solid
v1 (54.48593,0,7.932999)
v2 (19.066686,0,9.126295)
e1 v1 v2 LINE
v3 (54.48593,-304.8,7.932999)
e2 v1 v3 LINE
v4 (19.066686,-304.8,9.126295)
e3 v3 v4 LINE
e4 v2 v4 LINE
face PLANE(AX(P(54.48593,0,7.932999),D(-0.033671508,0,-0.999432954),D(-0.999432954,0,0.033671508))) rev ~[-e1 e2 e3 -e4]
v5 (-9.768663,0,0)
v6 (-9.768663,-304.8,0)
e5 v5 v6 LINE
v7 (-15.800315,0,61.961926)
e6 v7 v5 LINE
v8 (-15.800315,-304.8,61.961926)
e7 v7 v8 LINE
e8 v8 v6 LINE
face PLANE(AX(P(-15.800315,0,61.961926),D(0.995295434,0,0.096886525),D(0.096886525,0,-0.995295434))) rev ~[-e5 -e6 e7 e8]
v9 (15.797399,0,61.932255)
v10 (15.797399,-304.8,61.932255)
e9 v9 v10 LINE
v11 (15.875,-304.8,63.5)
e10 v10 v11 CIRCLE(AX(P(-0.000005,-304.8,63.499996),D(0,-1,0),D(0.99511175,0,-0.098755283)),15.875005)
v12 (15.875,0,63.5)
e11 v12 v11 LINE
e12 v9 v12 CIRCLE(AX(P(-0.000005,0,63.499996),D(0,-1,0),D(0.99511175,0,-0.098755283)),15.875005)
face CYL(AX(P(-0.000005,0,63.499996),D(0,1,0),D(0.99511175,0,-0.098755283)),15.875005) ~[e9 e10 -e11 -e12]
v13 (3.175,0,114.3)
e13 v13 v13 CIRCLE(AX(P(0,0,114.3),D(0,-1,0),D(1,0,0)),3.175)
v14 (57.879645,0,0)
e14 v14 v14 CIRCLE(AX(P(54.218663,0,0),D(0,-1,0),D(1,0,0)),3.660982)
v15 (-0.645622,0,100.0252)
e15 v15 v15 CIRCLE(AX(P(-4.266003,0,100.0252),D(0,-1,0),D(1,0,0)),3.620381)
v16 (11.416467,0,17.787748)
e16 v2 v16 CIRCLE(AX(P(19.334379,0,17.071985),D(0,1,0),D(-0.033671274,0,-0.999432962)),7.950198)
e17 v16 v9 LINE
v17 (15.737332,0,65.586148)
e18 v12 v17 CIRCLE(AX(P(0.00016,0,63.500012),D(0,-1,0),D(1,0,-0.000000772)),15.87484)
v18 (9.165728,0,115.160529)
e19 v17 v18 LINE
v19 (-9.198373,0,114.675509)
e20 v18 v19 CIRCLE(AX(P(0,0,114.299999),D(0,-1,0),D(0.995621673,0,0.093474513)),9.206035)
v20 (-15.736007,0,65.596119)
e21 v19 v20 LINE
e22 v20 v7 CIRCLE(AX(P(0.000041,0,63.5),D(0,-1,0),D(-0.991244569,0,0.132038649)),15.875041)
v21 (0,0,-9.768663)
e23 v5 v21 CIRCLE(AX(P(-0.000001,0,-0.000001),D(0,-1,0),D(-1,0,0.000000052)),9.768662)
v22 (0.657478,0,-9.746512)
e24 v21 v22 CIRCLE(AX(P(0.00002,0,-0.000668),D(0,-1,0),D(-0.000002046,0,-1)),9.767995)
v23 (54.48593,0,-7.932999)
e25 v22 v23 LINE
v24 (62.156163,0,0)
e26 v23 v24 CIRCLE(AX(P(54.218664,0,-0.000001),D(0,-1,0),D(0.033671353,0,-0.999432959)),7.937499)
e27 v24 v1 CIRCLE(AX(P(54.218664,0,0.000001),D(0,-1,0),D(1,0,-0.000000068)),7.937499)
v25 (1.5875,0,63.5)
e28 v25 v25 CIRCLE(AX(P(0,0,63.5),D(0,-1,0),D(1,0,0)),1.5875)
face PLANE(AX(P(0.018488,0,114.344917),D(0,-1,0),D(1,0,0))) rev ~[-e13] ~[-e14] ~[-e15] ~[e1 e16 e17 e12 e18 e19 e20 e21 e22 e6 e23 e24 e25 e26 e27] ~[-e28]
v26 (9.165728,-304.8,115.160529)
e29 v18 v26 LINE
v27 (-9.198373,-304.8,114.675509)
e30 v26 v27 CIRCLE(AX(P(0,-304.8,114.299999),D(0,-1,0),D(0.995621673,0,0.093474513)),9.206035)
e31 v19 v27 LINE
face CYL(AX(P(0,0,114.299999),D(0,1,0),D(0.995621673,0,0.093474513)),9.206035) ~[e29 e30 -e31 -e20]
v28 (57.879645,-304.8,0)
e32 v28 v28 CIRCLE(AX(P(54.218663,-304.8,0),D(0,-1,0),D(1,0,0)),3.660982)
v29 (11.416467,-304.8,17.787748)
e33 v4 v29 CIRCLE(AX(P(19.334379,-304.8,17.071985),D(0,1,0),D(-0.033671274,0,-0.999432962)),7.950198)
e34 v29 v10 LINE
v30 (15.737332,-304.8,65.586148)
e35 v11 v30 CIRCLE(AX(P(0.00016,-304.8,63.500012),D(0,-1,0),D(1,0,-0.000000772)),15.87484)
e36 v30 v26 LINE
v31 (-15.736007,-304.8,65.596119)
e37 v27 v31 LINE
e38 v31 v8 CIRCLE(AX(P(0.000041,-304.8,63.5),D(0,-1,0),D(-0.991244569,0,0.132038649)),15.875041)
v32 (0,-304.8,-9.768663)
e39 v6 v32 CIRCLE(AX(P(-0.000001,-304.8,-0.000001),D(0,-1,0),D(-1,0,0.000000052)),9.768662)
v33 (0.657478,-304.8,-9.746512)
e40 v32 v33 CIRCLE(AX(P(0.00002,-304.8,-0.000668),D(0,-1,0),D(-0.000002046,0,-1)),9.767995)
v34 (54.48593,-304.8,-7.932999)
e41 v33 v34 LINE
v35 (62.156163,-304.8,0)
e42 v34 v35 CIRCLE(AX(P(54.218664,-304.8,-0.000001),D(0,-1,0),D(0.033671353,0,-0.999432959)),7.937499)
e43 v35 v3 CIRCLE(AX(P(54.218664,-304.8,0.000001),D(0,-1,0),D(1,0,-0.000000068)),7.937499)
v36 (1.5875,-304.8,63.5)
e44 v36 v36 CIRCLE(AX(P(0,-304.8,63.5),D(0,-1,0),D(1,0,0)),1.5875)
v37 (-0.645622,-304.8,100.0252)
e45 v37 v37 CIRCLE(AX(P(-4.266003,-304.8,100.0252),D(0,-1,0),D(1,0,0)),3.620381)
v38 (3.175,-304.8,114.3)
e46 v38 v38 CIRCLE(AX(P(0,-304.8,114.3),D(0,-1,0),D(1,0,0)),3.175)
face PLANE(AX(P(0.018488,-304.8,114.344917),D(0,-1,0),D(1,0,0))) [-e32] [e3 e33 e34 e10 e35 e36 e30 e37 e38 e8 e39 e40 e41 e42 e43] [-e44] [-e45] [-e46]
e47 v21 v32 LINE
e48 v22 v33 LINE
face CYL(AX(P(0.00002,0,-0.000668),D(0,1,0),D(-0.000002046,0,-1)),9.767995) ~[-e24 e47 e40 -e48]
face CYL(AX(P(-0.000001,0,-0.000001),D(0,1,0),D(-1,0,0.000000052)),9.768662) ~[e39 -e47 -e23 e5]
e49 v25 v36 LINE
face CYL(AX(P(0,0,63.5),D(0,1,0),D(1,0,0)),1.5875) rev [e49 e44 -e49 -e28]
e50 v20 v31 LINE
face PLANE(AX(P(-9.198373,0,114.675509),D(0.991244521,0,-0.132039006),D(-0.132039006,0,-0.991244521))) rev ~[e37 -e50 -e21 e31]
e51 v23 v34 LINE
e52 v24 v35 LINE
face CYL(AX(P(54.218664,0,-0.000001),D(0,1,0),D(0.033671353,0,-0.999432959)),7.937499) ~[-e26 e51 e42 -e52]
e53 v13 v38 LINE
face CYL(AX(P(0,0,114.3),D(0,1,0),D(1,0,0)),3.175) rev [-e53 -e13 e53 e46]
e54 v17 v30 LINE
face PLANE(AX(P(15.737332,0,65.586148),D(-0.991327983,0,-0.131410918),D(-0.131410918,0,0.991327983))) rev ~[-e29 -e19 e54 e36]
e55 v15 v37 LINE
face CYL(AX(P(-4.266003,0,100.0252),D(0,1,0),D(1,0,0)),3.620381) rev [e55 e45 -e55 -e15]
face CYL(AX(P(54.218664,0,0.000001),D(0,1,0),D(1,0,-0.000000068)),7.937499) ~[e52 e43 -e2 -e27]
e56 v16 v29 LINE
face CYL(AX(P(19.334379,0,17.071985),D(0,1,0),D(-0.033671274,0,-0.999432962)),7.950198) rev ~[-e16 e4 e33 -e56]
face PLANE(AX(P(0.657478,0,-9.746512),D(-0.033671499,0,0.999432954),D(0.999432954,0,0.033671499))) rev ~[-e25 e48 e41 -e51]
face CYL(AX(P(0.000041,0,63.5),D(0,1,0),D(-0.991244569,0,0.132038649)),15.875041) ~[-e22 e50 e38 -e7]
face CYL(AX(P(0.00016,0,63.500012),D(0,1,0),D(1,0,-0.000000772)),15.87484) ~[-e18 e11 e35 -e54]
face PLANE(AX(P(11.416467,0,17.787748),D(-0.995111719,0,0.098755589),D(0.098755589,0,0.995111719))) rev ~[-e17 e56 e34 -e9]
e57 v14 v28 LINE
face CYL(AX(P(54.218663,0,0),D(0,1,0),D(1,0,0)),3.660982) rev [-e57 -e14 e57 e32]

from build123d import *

# Parameters (mm, degrees)
F0_R     = 3.175
F0_R_2   = 3.620381
F0_R_3   = 1.5875
F0_R_4   = 3.660982
F1_DEPTH = 304.8


with BuildPart() as f1:
    # F0 (on Front) → F1 (new body)
    with BuildSketch(Plane.XZ):
        with BuildLine():
            ThreePointArc((-9.198373, 114.675509), (-0.187794, 105.095881), (9.206035, 114.3))
            ThreePointArc((9.206035, 114.3), (9.195952, 114.730736), (9.165728, 115.160529))
            ThreePointArc((9.165728, 115.160529), (-0.243059, 123.502825), (-9.198373, 114.675509))
        make_face()
        with Locations((0, 114.3)):
            Circle(F0_R, mode=Mode.SUBTRACT)
        with BuildLine():
            ThreePointArc((9.165728, 115.160529), (9.195952, 114.730736), (9.206035, 114.3))
            ThreePointArc((9.206035, 114.3), (-0.187794, 105.095881), (-9.198373, 114.675509))
            Line((-9.198373, 114.675509), (-15.736007, 65.596119))
            ThreePointArc((-15.736007, 65.596119), (0.005029, 79.374999), (15.737332, 65.586148))
            Line((15.737332, 65.586148), (9.165728, 115.160529))
        make_face()
        with Locations((-4.266003, 100.0252)):
            Circle(F0_R_2, mode=Mode.SUBTRACT)
        with BuildLine():
            ThreePointArc((15.875, 63.5), (15.840546, 64.545343), (15.737332, 65.586148))
            ThreePointArc((15.737332, 65.586148), (0.005029, 79.374999), (-15.736007, 65.596119))
            ThreePointArc((-15.736007, 65.596119), (-15.872515, 63.780869), (-15.800315, 61.961926))
            ThreePointArc((-15.800315, 61.961926), (-0.014907, 47.625007), (15.797399, 61.932255))
            ThreePointArc((15.797399, 61.932255), (15.855588, 62.715168), (15.875, 63.5))
        make_face()
        with Locations((0, 63.5)):
            Circle(F0_R_3, mode=Mode.SUBTRACT)
        with BuildLine():
            ThreePointArc((15.797399, 61.932255), (-0.014907, 47.625007), (-15.800315, 61.961926))
            Line((-15.800315, 61.961926), (-9.768663, 0))
            ThreePointArc((-9.768663, 0), (0, 9.768663), (9.768663, 0))
            ThreePointArc((9.768663, 0), (7.136156, -6.670985), (0.657478, -9.746512))
            Line((0.657478, -9.746512), (54.48593, -7.932999))
            ThreePointArc((54.48593, -7.932999), (46.281163, 0), (54.48593, 7.932999))
            Line((54.48593, 7.932999), (19.066686, 9.126295))
            ThreePointArc((19.066686, 9.126295), (13.375669, 11.808961), (11.416467, 17.787748))
            Line((11.416467, 17.787748), (15.797399, 61.932255))
        make_face()
        with BuildLine():
            ThreePointArc((9.768663, 0), (0, 9.768663), (-9.768663, 0))
            ThreePointArc((-9.768663, 0), (-6.907488, -6.907488), (0, -9.768663))
            Line((0, -9.768663), (0.657478, -9.746512))
            ThreePointArc((0.657478, -9.746512), (7.136156, -6.670985), (9.768663, 0))
        make_face()
        with BuildLine():
            Line((0.657478, -9.746512), (0, -9.768663))
            ThreePointArc((0, -9.768663), (0.328926, -9.763124), (0.657478, -9.746512))
        make_face()
        with BuildLine():
            ThreePointArc((62.156163, 0), (59.925034, 5.517358), (54.48593, 7.932999))
            ThreePointArc((54.48593, 7.932999), (46.281163, 0), (54.48593, -7.932999))
            ThreePointArc((54.48593, -7.932999), (59.925034, -5.517358), (62.156163, 0))
        make_face()
        with Locations((54.218663, 0)):
            Circle(F0_R_4, mode=Mode.SUBTRACT)
    extrude(amount=F1_DEPTH)


solid = f1.part
